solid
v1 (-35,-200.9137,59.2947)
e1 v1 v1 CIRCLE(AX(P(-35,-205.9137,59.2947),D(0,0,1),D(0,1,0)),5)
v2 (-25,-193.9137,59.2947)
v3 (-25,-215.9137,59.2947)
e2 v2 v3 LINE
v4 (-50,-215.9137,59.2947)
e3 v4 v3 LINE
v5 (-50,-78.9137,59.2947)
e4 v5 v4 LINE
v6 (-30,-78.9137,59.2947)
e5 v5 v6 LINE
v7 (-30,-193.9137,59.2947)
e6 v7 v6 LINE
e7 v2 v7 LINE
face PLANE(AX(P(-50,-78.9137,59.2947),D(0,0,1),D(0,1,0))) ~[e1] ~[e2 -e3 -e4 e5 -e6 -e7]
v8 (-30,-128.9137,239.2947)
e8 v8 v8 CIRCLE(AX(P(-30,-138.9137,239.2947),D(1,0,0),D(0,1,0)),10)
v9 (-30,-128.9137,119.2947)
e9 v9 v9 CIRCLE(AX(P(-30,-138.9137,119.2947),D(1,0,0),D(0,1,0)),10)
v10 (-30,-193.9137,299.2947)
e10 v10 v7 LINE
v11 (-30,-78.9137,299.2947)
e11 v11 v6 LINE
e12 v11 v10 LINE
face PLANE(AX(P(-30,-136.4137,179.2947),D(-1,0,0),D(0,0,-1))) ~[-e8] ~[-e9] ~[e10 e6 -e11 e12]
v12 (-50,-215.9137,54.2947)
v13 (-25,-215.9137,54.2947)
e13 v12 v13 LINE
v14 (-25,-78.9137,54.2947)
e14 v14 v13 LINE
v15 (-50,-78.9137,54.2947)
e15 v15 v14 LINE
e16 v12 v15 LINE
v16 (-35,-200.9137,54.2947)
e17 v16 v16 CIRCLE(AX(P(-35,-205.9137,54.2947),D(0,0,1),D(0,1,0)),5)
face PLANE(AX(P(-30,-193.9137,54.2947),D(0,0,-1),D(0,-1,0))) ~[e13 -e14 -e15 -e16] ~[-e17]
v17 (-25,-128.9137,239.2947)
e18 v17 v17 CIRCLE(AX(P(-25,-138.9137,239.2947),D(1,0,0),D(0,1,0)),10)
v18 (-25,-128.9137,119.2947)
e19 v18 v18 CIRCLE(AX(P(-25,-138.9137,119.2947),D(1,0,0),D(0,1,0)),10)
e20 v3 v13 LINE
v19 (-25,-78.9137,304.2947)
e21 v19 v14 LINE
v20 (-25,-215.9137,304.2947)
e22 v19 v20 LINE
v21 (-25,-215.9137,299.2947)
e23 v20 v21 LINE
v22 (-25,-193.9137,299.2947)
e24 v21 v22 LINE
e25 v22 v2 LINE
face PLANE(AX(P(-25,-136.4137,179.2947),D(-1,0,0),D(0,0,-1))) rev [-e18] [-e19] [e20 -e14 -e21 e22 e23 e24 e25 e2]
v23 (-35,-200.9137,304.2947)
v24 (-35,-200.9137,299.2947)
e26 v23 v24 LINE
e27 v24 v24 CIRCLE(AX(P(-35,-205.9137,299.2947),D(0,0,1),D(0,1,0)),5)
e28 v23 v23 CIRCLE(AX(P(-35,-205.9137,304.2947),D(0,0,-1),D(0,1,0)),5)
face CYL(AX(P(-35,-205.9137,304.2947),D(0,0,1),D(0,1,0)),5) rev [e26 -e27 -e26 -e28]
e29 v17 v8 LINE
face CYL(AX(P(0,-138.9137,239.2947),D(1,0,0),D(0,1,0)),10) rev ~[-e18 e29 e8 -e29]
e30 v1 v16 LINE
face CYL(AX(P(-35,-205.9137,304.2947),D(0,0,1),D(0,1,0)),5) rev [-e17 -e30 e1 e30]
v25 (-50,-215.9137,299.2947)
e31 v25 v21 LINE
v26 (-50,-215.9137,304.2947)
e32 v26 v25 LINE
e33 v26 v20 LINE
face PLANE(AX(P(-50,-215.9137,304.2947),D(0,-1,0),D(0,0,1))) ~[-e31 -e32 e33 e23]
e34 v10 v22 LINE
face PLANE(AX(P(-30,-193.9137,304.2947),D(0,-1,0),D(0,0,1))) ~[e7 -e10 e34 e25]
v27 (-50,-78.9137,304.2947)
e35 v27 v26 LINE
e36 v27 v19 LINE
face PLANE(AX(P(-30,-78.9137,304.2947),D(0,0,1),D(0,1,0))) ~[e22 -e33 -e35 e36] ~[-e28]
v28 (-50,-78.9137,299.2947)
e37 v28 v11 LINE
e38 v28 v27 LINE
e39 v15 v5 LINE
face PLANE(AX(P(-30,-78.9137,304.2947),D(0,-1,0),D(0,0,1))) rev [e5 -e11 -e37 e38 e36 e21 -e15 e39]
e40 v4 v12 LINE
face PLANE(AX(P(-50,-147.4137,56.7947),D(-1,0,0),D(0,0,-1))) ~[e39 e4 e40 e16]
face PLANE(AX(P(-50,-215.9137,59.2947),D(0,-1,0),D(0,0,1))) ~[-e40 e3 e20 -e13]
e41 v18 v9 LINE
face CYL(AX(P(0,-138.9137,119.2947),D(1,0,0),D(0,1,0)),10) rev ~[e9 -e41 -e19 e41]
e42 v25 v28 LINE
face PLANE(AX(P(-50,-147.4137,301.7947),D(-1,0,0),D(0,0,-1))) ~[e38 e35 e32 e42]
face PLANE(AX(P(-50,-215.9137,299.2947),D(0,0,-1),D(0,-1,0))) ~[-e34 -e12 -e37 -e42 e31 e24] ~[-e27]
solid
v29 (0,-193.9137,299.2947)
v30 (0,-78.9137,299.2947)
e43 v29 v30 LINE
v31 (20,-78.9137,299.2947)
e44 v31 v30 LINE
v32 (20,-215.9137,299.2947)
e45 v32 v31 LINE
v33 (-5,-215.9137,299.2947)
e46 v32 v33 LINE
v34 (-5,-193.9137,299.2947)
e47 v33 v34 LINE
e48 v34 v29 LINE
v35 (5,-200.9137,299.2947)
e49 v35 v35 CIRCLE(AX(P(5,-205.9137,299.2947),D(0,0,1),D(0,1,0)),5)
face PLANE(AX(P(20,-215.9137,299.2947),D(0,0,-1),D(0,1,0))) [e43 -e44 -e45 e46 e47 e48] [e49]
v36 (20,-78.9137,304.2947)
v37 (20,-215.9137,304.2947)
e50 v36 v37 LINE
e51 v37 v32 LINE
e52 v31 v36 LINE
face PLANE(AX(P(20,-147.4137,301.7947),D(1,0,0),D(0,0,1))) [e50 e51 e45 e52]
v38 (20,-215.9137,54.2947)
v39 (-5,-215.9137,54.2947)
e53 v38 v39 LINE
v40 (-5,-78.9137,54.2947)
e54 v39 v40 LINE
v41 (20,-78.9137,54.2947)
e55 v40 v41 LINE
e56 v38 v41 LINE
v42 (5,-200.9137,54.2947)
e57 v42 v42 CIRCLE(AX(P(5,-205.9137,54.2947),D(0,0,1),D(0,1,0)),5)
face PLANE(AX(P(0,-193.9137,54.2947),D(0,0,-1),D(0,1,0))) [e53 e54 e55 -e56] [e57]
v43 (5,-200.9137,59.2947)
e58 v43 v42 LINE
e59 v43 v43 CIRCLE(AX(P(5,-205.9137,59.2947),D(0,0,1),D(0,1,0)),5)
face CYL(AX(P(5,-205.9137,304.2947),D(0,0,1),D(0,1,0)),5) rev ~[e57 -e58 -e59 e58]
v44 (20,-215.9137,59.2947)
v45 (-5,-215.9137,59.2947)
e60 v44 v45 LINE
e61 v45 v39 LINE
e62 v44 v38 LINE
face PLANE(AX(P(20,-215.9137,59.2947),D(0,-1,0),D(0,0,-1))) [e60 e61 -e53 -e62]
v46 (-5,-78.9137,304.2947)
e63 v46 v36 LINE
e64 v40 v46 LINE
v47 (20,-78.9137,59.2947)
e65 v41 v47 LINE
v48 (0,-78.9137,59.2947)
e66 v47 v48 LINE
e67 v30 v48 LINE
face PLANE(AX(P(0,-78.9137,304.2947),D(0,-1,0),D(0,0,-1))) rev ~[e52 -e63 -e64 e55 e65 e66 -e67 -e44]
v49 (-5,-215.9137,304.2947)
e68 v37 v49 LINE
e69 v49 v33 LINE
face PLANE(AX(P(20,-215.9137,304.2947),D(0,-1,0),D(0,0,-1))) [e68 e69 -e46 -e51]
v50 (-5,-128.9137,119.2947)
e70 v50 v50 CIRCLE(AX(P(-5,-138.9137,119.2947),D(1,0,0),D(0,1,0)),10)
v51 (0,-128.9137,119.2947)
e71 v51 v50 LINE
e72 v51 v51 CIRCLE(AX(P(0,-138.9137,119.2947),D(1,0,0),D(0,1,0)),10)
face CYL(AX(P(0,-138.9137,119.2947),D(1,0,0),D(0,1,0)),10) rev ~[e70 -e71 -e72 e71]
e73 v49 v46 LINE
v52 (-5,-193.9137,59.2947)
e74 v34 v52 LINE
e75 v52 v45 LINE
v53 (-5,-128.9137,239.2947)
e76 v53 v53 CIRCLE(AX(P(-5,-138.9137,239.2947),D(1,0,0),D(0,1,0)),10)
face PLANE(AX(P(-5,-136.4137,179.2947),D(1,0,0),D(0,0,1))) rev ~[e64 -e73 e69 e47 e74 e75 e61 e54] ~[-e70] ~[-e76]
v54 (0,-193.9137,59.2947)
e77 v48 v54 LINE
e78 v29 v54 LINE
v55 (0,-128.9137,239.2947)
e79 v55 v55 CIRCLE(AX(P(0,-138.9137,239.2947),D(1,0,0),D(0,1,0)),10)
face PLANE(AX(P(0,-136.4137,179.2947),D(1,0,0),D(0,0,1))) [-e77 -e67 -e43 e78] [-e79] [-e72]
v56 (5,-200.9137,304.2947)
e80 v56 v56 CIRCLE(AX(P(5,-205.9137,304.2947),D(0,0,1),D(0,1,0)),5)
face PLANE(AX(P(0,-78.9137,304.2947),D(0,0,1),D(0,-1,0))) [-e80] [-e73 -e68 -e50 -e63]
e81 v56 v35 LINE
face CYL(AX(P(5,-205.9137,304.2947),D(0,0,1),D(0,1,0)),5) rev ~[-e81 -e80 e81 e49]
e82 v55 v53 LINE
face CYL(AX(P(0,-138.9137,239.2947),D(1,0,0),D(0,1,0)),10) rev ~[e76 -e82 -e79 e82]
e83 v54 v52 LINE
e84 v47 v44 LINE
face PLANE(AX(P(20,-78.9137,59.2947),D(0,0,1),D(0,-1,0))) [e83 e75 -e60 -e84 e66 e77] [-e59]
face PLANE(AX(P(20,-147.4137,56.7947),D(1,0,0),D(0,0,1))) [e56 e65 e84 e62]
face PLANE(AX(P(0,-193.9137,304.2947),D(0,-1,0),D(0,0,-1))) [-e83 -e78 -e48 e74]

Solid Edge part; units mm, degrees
extrude "Protrusion1" [suppressed]
sketch "Sketch1" plane through (0, 0, 0) normal (1, 0, 0) x (0, 1, 0)
  line L0 (-193.9137, 54.2947) -> (-78.9137, 54.2947)
  line L1 (-78.9137, 304.2947) -> (-78.9137, 54.2947)
  line L2 (-78.9137, 304.2947) -> (-193.9137, 304.2947)
  line L3 (-193.9137, 304.2947) -> (-193.9137, 54.2947)
  dimension "D1" = 250
  dimension "D2" = 115
extrude "ExtrudedProtrusion_2" add sketch "Sketch1" against normal blind 5
sketch "Sketch2" plane through (20, -159.7644, 213.9203) normal (1, 0, 0) x (0, 1, 0)
  line L0 (-56.1493, -159.6256) -> (80.8507, -159.6256)
  line L1 (80.8507, -159.6256) -> (80.8507, -154.6256)
  line L2 (80.8507, -154.6256) -> (-56.1493, -154.6256)
  line L3 (-56.1493, -154.6256) -> (-56.1493, -159.6256)
  line L4 (-56.1493, 85.3744) -> (80.8507, 85.3744)
  line L5 (80.8507, 85.3744) -> (80.8507, 90.3744)
  line L6 (80.8507, 90.3744) -> (-56.1493, 90.3744)
  line L7 (-56.1493, 90.3744) -> (-56.1493, 85.3744)
  dimension "D1" = 5
  dimension "D2" = 137
  dimension "D3" = 5
  dimension "D4" = 22
  dimension "D5" = 22
  dimension "D6" = 137
extrude "ExtrudedProtrusion_4" add sketch "Sketch2" against normal blind 25
sketch "Sketch3" plane through (-35, -124.7644, 304.2947) normal (0, 0, 1) x (0, 1, 0)
  circle A0 centre (-81.1493, -40) radius 5
  dimension "D1" = 10
  dimension "D2" = 10
extrude "Cutout1" cut sketch "Sketch3" against normal through all
mirror "Mirror1" about plane through (-15, -224.7644, 368.5458) normal (-1, 0, 0) of "ExtrudedProtrusion_2", "ExtrudedProtrusion_4", "Cutout1"
sketch "Sketch4" plane through (0, -136.4137, 179.2947) normal (1, 0, 0) x (0, 1, 0)
  circle A0 centre (-2.5, 60) radius 10
  circle A1 centre (-2.5, -60) radius 10
  dimension "D1" = 20
  dimension "D2" = 60
  dimension "D3" = 60
  dimension "D4" = 20
  dimension "D5" = 60
  dimension "D6" = 120
extrude "Cutout3" cut sketch "Sketch4" against normal through all
